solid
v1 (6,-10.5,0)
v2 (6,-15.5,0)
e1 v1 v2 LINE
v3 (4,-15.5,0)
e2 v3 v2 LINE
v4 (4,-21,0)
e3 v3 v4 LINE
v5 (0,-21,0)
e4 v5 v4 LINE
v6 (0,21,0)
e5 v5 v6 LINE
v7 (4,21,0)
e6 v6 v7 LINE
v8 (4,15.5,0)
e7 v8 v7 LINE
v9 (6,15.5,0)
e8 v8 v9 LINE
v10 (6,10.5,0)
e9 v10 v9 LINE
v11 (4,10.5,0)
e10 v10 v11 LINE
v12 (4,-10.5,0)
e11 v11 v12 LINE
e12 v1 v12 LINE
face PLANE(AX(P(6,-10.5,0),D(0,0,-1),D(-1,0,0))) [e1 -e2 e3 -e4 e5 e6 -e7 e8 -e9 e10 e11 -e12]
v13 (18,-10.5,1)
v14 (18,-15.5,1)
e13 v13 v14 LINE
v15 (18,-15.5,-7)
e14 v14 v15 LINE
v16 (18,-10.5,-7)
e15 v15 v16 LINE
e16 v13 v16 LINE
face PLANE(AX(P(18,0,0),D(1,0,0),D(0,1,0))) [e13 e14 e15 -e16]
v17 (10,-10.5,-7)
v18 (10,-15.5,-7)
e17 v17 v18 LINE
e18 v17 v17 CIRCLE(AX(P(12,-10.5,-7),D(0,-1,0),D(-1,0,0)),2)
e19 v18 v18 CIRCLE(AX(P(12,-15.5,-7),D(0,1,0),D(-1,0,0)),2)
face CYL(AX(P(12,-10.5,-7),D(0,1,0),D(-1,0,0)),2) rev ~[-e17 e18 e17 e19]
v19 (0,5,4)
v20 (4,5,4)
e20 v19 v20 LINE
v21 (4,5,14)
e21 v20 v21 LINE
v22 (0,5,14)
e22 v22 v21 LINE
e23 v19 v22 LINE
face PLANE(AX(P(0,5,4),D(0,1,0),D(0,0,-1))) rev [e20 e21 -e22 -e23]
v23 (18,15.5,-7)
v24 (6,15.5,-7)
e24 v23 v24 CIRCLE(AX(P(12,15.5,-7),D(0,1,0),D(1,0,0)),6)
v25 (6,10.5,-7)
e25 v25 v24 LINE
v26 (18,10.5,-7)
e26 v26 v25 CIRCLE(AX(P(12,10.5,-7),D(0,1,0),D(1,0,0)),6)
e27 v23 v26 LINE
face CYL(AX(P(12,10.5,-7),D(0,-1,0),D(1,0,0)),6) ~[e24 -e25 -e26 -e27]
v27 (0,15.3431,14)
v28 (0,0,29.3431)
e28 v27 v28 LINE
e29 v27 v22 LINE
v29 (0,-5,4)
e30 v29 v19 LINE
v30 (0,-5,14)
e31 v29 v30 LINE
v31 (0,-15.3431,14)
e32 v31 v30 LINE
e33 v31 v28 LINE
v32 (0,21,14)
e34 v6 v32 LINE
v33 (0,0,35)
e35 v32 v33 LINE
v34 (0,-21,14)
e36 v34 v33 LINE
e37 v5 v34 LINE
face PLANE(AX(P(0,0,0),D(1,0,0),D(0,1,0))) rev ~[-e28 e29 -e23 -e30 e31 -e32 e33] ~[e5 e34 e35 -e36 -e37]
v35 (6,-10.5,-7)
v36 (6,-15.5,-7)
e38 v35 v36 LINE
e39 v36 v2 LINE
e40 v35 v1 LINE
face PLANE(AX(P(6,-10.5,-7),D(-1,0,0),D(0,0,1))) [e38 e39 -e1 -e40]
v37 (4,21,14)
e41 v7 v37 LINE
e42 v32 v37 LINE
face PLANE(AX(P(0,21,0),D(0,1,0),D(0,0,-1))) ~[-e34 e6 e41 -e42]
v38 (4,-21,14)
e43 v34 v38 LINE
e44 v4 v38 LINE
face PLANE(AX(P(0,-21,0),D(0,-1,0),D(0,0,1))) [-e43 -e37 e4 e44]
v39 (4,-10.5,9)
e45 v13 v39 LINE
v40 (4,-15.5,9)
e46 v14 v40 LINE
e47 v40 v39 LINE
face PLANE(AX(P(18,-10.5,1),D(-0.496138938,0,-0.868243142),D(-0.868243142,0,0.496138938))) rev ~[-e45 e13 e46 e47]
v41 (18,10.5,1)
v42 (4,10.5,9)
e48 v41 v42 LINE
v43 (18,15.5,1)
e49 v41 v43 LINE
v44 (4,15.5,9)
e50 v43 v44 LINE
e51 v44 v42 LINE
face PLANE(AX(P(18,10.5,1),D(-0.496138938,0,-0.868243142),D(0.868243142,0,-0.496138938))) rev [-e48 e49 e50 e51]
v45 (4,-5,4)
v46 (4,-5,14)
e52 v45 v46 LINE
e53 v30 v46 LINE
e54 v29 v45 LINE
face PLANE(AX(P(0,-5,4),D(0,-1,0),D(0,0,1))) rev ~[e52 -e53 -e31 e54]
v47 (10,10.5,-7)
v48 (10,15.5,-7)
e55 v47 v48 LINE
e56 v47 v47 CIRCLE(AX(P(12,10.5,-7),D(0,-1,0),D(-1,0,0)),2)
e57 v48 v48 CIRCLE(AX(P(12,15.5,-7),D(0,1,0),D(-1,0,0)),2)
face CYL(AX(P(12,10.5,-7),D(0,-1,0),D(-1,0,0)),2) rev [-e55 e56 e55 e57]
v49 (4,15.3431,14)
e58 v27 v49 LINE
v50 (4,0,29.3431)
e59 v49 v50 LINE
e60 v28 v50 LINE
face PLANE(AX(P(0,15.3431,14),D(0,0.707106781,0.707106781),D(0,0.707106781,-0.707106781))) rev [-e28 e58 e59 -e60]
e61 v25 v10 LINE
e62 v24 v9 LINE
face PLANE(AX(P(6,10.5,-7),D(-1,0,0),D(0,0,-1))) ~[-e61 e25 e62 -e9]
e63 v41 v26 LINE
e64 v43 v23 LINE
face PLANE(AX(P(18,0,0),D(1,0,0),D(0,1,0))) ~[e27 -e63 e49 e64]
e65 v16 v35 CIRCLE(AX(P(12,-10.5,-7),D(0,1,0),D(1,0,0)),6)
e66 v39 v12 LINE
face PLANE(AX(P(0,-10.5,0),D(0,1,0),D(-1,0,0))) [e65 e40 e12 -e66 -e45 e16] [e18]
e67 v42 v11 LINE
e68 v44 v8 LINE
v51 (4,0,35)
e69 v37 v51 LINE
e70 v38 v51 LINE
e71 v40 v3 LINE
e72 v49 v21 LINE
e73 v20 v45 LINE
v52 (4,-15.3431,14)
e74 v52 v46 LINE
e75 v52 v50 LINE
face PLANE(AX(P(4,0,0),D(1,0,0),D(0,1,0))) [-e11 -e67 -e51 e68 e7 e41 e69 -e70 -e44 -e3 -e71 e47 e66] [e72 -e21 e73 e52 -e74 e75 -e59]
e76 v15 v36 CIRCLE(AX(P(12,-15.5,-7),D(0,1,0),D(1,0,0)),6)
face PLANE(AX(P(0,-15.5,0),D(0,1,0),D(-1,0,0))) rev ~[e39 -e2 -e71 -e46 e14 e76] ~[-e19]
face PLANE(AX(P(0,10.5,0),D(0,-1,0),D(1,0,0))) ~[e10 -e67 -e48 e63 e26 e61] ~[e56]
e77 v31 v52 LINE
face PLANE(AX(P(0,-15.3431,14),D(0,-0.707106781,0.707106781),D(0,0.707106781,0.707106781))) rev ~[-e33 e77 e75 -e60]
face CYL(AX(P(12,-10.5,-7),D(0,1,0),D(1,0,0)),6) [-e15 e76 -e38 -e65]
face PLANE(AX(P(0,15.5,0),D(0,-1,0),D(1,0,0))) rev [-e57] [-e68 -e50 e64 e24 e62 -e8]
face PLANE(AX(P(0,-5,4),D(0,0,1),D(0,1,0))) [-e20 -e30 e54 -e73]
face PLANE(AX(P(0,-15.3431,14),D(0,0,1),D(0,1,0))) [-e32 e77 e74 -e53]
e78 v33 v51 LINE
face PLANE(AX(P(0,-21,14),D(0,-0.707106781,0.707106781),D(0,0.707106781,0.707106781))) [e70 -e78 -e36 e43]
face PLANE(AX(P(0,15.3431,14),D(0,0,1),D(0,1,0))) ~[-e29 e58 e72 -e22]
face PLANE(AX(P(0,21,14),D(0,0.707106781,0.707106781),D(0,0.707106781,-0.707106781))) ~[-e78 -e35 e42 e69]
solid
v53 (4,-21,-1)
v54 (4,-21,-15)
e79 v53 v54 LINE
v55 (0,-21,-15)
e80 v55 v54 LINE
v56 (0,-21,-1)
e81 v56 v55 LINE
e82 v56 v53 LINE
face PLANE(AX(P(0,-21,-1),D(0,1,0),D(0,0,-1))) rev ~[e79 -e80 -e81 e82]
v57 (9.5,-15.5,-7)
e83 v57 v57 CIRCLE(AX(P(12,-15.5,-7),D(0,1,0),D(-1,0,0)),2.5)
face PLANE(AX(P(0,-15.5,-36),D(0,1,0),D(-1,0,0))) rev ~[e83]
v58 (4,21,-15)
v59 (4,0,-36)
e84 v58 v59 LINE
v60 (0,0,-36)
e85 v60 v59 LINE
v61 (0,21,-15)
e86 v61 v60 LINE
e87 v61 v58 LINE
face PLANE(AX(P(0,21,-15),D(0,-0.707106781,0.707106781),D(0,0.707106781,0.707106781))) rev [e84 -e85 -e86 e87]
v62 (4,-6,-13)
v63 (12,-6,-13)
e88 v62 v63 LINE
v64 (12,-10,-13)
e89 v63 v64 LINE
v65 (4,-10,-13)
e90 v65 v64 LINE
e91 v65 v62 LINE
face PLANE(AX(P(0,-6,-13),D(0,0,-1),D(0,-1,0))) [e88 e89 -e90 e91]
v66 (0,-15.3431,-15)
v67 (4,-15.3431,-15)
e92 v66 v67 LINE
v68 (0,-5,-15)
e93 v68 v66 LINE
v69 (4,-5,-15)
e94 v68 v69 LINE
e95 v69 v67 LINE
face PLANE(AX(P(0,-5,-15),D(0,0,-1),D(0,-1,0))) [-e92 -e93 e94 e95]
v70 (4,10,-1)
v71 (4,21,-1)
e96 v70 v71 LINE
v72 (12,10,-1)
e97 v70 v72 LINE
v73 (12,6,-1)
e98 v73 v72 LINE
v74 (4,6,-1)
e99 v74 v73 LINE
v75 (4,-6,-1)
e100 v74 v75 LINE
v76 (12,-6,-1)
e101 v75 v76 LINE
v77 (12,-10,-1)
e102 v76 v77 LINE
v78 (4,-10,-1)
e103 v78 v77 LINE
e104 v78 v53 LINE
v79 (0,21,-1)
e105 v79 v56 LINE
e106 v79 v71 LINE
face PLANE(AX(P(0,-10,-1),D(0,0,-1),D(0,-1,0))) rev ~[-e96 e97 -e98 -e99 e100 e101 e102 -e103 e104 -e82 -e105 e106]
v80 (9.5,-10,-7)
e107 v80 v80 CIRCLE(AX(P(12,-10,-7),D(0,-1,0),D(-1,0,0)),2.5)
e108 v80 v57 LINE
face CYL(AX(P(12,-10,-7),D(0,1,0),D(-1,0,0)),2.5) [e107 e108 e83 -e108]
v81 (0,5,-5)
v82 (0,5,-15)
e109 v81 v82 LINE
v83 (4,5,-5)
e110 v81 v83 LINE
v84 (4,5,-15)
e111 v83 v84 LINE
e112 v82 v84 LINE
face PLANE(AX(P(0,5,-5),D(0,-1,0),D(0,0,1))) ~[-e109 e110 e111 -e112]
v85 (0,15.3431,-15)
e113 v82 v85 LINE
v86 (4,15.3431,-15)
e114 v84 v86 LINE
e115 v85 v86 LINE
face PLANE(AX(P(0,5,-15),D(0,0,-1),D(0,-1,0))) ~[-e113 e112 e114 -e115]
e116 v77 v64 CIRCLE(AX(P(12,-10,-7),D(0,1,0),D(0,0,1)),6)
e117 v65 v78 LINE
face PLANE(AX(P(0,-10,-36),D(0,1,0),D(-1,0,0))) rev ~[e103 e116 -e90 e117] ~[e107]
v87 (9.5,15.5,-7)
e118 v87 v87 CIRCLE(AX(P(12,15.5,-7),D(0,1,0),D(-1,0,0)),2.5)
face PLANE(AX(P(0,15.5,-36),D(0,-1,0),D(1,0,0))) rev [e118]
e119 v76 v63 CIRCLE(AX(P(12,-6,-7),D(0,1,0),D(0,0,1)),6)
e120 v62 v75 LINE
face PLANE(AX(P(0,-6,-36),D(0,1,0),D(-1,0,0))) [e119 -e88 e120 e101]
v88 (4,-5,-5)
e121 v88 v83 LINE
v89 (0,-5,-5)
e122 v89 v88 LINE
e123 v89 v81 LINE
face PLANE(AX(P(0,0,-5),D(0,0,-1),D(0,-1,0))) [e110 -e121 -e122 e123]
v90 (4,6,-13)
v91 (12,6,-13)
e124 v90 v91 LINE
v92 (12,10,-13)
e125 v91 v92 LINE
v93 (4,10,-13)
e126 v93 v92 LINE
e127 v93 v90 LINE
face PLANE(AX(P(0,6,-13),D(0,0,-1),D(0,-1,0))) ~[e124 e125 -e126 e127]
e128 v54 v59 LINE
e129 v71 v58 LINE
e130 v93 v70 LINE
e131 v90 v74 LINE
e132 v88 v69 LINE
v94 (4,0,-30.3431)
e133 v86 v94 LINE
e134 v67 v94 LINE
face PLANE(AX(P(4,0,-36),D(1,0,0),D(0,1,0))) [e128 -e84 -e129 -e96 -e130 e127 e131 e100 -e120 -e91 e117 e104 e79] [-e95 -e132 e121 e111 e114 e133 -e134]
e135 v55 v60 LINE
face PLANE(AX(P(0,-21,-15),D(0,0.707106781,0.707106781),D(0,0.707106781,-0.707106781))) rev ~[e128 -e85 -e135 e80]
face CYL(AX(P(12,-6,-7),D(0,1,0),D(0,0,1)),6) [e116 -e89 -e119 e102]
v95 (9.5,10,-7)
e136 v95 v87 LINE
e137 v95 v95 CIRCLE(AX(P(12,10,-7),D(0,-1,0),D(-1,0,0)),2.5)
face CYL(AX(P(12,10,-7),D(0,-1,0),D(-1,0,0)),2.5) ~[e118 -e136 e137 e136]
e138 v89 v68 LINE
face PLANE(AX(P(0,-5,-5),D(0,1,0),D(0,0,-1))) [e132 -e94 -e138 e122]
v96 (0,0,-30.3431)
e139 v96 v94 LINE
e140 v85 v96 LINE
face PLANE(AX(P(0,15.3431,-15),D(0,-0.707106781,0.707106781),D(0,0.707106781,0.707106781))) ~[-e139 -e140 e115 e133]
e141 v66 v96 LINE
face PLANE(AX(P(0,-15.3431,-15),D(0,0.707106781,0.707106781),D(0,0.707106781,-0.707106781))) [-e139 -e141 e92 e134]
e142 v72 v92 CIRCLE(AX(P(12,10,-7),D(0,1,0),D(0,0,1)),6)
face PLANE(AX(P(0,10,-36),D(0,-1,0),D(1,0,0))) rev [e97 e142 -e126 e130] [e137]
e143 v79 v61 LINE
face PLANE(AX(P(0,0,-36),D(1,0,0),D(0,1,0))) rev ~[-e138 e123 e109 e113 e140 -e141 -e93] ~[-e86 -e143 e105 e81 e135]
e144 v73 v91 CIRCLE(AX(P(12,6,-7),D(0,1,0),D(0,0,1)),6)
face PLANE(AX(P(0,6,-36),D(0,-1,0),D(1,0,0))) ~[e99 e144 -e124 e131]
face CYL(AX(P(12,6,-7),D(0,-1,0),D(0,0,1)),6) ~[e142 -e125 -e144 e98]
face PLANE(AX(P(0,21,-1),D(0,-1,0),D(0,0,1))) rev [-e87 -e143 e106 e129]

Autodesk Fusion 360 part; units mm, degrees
sketch "Sketch1" plane through (0, 0, 0) normal (1, 0, 0) x (0, 1, 0)
  line L0 (0, 0) -> (0, 35)
  line L1 (-21, 0) -> (-21, 14)
  line L2 (-15.3431, 14) -> (-5, 14)
  line L3 (-21, 14) -> (0, 35)
  line L4 (-15.3431, 14) -> (0, 29.3431)
  line L5 (-5, 4) -> (0, 4)
  line L6 (-5, 4) -> (-5, 14)
  line L7 (-15.5, 9) -> (-15.5, 0)
  line L8 (-10.5, 9) -> (-10.5, 0)
  line L9 (-15.5, 9) -> (-10.5, 9)
  line L10 (0, 0) -> (-10.5, 0)
  line L11 (-15.5, 0) -> (-21, 0)
  line L12 (-15.5, 0) -> (-15.5, -7)
  line L13 (-15.5, -7) -> (-10.5, -7)
  line L14 (-10.5, -7) -> (-10.5, 0)
  point P0 (0, 4)
  point P1 (-5, 4)
  dimension "d1" = 35
  dimension "d2" = 21
  dimension "d3" = 14
  dimension "d5" = 4
  dimension "d6" = 5
  dimension "d7" = 9
  dimension "d8" = -5
  dimension "d9" = 7
  dimension "d49" = 10.5
extrude "Extrude1" add sketch "Sketch1" along normal blind 4 contours L0 L1 L2 L3 L4 L5 L6 L7 L8 L9 L10 L11 makes body 1
extrude "Extrude2" add sketch "Sketch1" along normal blind 4 contours L7 L8 L9 L12 L13 L14 bodies 1
extrude "Extrude3" add sketch "Sketch1" along normal blind 14 from surface at 4 contours L7 L8 L9 L12 L13 L14 bodies 1
sketch "Sketch2" plane through (0, -10.5, 0) normal (0, 1, 0) x (-1, 0, 0)
  line L0 (0, 0) -> (-4, 0)
  line L1 (-4, 0) -> (-4, 9)
  line L2 (-4, 9) -> (-18, 9)
  line L3 (-18, 9) -> (-18, -7)
  line L4 (-18, -7) -> (0, -7)
  line L5 (0, -7) -> (0, 0)
  line L6 (-18, 1) -> (-4, 9)
  line L7 (-6, -7) -> (-6, 0)
  line L8 (-6, 0) -> (0, 0)
  line L9 (-18, -7) -> (-6, -7)
  circle A0 centre (-12, -7) radius 2
  arc A1 (-18, -7) -> (-6, -7) centre (-12, -7) ccw
  point P0 (-18, 1)
  point P1 (0, -7)
  dimension "d17" = 6
  dimension "d18" = 8
  dimension "d19" = 4
extrude "Extrude4" cut sketch "Sketch2" against normal blind 5 contours L0 L4 L5 L7 L8 | L2 L3 L6 | L4 L9 A0 picked at (-11.4527, -6.1579) bodies 1
extrude "Extrude5" add sketch "Sketch2" against normal blind 5 contours L4 L9 A0 A1 bodies 1
mirror "Mirror1" about plane through (0, 0, 29.3431) normal (0, 1, 0) of bodies 1 makes body 2
combine "Combine1" operation add target body 1 tool bodies 2
sketch "Sketch1 (2)" plane through (0, 0, 0) normal (1, 0, 0) x (0, 1, 0) in component "Component"
  line L0 (0, 0) -> (0, 35)
  line L1 (0, 35) -> (-21, 35)
  line L2 (-21, 35) -> (-21, 21)
  line L3 (-21, 21) -> (0, 0)
  line L4 (0, 31) -> (-5, 31)
  line L5 (-15.3431, 21) -> (0, 5.6569)
  line L6 (-5, 31) -> (-5, 21)
  line L7 (-5, 21) -> (-15.3431, 21)
  line L8 (-10, 35) -> (-10, 23)
  line L9 (-6, 35) -> (-6, 23)
  line L10 (-6, 23) -> (-10, 23)
  point P0 (-10, 35)
  dimension "d25" = 35
  dimension "d26" = 21
  dimension "d27" = 14
  dimension "d29" = 4
  dimension "d30" = 5
  dimension "d31" = 10
  dimension "d32" = 10
  dimension "d33" = 12
  dimension "d34" = -4
extrude "Extrude1'" add sketch "Sketch1 (2)" along normal blind 4 separate body contours L0 L1 L2 L3 L4 L5 L6 L7 L8 L9 L10 | L1 L8 L9 L10 makes body 3 in component "Component"
extrude "Extrude2'" add sketch "Sketch1 (2)" along normal blind 12 contours L1 L8 L9 L10 bodies 3 in component "Component"
sketch "Sketch2 (2)" plane through (0, -6, 0) normal (0, 1, 0) x (-1, 0, 0) in component "Component"
  line L0 (-4, 23) -> (-4, 35)
  line L1 (-4, 35) -> (-12, 35)
  line L2 (-12, 35) -> (-12, 23)
  line L3 (-12, 23) -> (-4, 23)
  circle A0 centre (-12, 29) radius 2.5
  arc A1 (-12, 35) -> (-12, 23) centre (-12, 29) ccw
  dimension "d40" = 5
  dimension "d50" = 6
extrude "Extrude3'" add sketch "Sketch2 (2)" against normal blind 4 contours L2 A0 A1 bodies 3 in component "Component"
extrude "Extrude4'" add sketch "Sketch2 (2)" against normal blind 5.5 from surface at -4 separate body contours L2 A0 | L2 A0 makes body 4 in component "Component"
extrude "Extrude5'" add sketch "Sketch2 (2)" against normal blind 9.5 contours L2 A0 picked at (-12.9366, 28.4168) bodies 4 3 in component "Component"
mirror "Mirror1'" about plane through (0, 0, 31) normal (0, 1, 0) of bodies 4 makes body 5 in component "Component"
combine "Combine1'" operation add target body 4 tool bodies 5 in component "Component"
copy_body "Body->Comp1" bodies 1 removing the originals makes body 6 in component "Component'"
component "Component" placed x (1, 0, 0) y (0, 1, 0) z (0, 0, 1) at (0, 0, -36)
component "Component'" placed x (1, 0, 0) y (0, 1, 0) z (0, 0, 1) at (0, 0, 0)
